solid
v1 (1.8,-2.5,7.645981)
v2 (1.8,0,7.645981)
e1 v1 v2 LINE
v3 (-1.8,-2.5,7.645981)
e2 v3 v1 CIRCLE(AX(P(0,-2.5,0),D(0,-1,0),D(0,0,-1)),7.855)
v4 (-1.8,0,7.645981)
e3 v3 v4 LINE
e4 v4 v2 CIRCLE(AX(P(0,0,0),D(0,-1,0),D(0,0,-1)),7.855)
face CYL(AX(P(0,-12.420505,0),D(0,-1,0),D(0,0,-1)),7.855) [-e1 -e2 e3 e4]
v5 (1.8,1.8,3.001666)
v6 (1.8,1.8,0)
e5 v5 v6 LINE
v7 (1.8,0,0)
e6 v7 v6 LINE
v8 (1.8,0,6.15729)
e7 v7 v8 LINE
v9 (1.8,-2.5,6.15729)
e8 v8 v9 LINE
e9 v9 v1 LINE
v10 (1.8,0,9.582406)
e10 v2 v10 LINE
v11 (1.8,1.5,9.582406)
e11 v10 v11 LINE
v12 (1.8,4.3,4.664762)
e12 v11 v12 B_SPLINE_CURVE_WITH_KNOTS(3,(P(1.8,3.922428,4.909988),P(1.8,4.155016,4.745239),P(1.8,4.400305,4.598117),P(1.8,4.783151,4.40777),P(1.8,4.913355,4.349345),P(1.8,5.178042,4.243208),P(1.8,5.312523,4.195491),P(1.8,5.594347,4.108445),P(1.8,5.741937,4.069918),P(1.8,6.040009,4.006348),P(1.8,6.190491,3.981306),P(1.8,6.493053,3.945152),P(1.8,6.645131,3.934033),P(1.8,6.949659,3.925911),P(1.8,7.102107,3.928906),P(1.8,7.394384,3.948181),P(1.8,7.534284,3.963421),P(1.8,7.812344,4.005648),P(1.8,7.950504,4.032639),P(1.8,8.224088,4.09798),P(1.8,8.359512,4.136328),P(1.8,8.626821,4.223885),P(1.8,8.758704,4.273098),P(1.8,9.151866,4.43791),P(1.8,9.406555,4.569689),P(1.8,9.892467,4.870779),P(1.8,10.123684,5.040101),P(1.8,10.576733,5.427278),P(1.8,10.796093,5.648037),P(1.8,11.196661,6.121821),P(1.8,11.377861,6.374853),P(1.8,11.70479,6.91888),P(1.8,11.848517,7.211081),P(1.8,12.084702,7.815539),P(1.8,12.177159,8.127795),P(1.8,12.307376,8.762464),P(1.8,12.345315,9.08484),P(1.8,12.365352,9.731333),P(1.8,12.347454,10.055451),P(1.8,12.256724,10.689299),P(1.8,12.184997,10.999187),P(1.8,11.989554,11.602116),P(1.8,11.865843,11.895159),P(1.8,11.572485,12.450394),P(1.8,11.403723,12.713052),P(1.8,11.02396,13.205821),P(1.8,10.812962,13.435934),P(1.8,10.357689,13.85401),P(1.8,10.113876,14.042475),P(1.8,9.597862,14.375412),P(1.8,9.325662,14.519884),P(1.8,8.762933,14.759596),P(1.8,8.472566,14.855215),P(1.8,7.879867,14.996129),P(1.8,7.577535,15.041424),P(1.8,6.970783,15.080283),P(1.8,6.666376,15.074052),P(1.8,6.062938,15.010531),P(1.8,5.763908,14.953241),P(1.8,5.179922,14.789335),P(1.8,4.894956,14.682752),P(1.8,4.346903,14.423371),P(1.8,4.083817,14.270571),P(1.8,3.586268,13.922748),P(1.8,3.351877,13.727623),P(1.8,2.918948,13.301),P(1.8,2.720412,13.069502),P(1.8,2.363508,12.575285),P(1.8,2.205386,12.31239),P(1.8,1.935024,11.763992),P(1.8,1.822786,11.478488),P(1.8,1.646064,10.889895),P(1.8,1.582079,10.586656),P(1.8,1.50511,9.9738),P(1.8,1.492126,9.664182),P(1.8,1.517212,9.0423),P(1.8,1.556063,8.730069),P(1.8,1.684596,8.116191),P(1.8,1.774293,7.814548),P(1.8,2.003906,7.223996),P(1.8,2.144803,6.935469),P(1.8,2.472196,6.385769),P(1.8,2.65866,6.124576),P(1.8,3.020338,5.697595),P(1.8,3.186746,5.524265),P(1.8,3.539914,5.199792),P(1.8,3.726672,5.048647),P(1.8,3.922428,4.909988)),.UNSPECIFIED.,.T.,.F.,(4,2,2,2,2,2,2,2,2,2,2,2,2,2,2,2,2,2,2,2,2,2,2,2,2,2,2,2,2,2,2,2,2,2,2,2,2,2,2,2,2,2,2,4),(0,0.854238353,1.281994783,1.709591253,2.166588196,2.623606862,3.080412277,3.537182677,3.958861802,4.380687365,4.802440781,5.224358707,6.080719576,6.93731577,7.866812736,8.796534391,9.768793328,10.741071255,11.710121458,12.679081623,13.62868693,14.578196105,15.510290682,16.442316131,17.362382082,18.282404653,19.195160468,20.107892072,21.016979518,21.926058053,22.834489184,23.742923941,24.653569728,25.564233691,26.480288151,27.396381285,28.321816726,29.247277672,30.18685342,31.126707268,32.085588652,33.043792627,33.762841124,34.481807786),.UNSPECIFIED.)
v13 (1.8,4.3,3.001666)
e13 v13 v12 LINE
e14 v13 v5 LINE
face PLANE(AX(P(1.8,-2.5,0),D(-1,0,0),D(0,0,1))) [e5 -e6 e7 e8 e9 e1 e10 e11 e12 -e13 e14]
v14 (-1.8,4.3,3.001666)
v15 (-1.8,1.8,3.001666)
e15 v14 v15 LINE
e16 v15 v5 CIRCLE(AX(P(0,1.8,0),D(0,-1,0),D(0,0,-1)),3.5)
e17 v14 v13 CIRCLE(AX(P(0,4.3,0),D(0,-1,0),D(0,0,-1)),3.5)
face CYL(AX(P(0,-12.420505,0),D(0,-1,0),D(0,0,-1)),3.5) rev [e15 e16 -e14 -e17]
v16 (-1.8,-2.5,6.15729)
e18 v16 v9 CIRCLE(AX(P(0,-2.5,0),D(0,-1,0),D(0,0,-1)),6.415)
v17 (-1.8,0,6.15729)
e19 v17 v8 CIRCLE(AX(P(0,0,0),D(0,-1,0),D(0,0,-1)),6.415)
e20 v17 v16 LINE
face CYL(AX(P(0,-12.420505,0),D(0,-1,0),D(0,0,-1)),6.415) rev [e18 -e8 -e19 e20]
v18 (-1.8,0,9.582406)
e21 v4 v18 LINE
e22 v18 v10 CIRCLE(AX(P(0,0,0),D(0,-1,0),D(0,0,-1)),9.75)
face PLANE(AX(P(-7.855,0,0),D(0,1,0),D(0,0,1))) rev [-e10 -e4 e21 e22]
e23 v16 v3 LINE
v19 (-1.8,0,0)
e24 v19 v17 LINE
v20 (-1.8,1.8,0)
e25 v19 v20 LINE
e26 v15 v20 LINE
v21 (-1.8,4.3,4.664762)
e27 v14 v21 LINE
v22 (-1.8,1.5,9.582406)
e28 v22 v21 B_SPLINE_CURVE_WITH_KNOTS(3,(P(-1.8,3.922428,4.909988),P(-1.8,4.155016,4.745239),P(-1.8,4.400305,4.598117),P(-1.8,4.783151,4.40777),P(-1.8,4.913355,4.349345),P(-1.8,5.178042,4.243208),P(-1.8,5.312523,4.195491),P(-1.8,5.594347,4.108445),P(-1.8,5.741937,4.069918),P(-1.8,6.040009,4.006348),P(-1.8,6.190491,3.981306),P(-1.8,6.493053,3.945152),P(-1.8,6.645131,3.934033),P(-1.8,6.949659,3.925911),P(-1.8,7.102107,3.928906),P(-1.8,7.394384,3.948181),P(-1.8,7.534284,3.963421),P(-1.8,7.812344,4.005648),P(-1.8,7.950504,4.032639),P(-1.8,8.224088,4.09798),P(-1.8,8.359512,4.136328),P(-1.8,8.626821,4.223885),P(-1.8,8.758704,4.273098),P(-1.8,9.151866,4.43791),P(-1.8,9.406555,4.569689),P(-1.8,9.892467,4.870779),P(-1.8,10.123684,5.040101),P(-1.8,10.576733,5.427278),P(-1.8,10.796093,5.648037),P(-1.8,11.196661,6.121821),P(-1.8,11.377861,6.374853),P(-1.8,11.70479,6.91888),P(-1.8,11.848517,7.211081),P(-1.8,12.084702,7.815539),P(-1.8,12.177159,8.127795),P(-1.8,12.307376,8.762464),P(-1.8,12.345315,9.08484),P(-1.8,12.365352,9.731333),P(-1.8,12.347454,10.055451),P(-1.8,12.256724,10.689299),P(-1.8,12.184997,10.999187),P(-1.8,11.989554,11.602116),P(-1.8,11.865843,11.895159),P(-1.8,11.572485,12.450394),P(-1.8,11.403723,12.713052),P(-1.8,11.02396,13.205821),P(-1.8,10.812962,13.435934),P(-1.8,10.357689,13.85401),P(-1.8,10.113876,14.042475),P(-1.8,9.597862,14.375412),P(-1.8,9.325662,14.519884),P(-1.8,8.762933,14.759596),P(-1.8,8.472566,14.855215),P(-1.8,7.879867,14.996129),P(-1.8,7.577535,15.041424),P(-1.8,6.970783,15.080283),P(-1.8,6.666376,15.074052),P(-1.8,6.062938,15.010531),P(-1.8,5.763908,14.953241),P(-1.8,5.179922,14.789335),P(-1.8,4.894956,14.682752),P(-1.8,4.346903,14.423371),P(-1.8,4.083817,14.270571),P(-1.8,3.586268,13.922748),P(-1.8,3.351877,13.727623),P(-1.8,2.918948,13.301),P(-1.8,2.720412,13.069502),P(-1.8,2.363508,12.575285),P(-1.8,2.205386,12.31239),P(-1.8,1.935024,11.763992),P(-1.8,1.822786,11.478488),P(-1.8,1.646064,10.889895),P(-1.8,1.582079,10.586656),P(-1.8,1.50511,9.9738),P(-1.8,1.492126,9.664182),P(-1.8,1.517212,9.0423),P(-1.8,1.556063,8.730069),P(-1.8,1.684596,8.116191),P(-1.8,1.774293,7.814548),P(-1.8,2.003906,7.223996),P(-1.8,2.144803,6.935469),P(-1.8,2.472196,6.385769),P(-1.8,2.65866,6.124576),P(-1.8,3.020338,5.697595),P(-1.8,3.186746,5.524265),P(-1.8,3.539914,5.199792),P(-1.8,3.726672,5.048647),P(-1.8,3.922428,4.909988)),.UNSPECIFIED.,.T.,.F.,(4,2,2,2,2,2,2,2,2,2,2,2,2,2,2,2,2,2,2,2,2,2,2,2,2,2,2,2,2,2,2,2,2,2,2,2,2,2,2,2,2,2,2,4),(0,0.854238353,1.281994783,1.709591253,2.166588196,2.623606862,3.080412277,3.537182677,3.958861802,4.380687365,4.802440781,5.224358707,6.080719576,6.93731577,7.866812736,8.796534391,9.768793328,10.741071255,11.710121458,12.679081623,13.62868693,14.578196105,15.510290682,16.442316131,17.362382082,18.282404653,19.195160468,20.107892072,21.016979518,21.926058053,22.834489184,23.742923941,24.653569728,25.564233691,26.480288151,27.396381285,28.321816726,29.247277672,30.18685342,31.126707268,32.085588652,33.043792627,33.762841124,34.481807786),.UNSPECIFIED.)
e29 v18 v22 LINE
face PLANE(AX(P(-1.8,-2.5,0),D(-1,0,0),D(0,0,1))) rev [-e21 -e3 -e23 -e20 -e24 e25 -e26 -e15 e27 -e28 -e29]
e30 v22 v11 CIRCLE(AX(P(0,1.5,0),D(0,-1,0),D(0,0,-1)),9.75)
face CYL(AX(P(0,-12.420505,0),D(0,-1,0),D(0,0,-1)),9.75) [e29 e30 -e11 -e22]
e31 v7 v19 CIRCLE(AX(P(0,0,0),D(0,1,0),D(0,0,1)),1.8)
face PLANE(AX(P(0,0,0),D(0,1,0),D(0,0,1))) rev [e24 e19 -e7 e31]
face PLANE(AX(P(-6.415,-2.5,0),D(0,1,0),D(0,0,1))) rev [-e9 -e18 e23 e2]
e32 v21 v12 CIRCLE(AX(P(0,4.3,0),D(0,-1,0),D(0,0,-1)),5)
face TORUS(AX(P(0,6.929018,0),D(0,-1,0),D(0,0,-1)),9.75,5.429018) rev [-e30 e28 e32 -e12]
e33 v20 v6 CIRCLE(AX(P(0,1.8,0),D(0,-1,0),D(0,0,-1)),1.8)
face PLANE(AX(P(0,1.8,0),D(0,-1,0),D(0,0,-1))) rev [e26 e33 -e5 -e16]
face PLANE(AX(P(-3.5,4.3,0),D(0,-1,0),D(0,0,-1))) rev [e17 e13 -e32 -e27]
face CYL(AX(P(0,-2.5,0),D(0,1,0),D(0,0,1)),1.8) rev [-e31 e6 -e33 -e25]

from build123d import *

# Parameters (mm, degrees)
TAGLIO_ESTRUSIONE1_DEPTH = 16.374166644


with BuildPart() as part:
    # Schizzo1 → Rivoluzione1 (revolve)
    with BuildSketch(Plane.XY, mode=Mode.PRIVATE) as rivoluzione1_sk:
        with BuildLine():
            Line((0, 0), (-6.415, 0))
            Line((-6.415, 0), (-6.415, -2.5))
            Line((-6.415, -2.5), (-7.855, -2.5))
            Line((-7.855, -2.5), (-7.855, 0))
            Line((-7.855, 0), (-9.75, 0))
            Line((-9.75, 0), (-9.75, 1.5))
            ThreePointArc((-9.75, 1.5), (-6.993076896, 2.252094735), (-5, 4.3))
            Line((-5, 4.3), (-3.5, 4.3))
            Line((-3.5, 4.3), (-3.5, 1.8))
            Line((-3.5, 1.8), (0, 1.8))
            Line((0, 1.8), (0, 0))
        make_face()
    revolve(rivoluzione1_sk.sketch.rotate(Axis((0, -12.420504762, 0), (0, 1, 0)), 270), axis=Axis((0, -12.420504762, 0), (0, 1, 0)))

    # Schizzo2 → Taglio-Estrusione1 (cut, through all)
    with BuildSketch(Plane(origin=(0, 4.3, 0), x_dir=(1, 0, 0), z_dir=(0, 1, 0))):
        with BuildLine():
            Line((1.8, -9.582405752), (1.8, 0))
            ThreePointArc((1.8, 0), (0, 1.8), (-1.8, 0))
            Line((-1.8, 0), (-1.8, -9.582405752))
            ThreePointArc((-1.8, -9.582405752), (0, -9.75), (1.8, -9.582405752))
        make_face()
    extrude(amount=-TAGLIO_ESTRUSIONE1_DEPTH, mode=Mode.SUBTRACT)


solid = part.part
